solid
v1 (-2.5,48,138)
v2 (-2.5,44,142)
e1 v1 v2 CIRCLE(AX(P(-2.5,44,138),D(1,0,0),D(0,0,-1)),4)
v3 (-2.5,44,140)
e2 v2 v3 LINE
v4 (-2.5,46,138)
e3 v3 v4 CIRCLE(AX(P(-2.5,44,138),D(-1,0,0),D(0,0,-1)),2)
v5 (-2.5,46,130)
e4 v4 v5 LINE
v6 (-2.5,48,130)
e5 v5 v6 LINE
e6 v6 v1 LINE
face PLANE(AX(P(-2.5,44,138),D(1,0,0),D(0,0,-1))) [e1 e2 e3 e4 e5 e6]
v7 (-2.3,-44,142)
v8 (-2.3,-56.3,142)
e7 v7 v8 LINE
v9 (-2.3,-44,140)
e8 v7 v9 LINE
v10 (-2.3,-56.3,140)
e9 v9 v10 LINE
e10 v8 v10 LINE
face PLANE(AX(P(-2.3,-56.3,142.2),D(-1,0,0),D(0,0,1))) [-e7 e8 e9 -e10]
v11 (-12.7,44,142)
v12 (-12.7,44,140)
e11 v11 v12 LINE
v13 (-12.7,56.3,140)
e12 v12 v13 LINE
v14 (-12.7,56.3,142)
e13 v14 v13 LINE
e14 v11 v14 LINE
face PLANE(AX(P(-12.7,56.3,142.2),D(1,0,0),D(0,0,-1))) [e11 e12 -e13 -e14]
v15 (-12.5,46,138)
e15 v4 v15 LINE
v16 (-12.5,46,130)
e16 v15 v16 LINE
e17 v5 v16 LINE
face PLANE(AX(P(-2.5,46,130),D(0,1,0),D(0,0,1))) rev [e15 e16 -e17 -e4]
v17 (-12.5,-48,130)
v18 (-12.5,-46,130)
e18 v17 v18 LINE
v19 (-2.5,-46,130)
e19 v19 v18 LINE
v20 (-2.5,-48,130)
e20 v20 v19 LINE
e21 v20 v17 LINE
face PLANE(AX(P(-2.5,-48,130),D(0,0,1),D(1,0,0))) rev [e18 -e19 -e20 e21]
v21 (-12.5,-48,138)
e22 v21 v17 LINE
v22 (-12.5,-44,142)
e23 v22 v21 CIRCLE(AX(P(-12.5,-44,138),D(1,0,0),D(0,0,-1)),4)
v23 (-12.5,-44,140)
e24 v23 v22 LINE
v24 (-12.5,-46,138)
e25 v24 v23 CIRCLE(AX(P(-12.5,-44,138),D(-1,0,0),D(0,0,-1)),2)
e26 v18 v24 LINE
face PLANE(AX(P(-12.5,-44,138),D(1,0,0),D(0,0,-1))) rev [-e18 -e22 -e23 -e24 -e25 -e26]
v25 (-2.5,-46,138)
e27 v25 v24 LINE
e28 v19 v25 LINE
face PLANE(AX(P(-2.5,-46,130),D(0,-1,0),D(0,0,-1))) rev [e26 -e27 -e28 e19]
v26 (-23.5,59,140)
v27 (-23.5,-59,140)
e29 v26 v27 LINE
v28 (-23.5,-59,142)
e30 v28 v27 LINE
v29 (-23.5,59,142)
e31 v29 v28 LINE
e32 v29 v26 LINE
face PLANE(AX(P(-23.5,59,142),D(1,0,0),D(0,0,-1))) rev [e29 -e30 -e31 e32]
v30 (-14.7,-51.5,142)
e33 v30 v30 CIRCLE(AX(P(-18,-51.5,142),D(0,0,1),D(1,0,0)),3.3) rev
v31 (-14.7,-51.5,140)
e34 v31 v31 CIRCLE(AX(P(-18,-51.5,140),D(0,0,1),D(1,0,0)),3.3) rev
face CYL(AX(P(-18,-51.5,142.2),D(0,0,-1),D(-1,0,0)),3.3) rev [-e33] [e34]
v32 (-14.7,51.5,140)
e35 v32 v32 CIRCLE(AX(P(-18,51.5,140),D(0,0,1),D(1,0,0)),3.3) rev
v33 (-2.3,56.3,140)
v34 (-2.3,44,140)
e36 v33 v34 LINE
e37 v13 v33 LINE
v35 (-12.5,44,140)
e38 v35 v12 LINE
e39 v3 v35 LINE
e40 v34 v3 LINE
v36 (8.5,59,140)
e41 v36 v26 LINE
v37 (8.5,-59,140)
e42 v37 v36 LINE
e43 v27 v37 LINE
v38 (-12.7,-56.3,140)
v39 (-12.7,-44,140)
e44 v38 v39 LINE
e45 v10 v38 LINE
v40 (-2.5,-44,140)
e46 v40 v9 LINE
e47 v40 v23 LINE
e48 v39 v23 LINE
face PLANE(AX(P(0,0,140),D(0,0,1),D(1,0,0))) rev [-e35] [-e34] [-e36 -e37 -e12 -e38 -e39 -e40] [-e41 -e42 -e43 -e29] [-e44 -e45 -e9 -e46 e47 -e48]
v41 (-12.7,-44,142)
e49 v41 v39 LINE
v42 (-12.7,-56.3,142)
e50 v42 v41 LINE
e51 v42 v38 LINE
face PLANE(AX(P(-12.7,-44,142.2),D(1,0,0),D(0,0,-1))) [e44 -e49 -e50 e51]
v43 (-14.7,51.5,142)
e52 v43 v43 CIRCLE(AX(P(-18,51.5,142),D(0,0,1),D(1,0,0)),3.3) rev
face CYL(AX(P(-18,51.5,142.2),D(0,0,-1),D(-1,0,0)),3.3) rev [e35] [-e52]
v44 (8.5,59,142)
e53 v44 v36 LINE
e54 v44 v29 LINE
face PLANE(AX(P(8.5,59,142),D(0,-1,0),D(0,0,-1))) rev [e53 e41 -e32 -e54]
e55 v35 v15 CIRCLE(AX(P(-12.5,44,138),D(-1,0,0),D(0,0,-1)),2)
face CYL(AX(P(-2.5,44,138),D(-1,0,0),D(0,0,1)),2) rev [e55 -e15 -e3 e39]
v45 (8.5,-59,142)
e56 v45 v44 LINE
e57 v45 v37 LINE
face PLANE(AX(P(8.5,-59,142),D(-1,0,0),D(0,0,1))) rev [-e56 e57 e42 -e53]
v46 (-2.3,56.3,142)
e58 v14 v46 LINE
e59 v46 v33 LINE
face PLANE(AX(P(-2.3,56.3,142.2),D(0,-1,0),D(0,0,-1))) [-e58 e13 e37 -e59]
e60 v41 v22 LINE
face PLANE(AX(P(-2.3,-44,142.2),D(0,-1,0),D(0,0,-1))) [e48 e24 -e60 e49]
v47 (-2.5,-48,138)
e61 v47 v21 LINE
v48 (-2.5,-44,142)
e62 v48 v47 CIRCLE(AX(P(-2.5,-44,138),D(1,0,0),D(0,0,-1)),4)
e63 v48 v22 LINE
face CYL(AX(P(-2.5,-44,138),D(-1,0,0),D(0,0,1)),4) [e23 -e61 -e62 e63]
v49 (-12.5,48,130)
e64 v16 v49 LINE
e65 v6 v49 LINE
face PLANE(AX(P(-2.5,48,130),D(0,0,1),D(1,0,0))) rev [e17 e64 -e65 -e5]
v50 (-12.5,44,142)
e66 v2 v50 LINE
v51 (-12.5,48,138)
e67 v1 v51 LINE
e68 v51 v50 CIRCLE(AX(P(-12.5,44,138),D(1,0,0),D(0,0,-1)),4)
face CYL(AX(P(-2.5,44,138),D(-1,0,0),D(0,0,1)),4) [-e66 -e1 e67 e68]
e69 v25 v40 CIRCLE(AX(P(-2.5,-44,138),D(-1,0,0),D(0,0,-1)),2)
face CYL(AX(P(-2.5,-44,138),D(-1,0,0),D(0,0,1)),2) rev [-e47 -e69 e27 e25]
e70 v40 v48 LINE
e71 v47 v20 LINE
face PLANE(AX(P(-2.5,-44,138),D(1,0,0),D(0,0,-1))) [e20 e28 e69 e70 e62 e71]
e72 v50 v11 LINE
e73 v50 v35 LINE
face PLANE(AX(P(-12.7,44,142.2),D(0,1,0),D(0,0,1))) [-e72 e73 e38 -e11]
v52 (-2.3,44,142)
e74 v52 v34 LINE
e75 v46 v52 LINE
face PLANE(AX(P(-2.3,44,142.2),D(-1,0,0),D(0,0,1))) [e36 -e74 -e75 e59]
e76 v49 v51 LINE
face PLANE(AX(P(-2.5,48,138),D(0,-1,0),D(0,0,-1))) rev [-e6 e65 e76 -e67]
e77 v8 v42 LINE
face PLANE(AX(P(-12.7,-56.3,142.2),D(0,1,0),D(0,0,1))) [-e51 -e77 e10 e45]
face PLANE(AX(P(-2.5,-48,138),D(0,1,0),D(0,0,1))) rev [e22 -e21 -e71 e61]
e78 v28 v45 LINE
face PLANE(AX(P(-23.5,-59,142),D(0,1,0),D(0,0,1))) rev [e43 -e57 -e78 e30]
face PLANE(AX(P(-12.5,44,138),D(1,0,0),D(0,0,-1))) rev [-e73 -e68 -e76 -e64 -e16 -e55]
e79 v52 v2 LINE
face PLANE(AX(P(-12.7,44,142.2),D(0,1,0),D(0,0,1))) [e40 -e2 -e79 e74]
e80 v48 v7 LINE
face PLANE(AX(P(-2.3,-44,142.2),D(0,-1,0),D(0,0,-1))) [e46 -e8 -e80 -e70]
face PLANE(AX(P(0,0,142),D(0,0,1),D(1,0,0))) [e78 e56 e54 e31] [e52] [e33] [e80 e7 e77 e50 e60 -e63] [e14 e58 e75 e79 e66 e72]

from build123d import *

# Parameters (mm, degrees)
CLAMP_BAR_SKETCH_W       = 32
CLAMP_BAR_SKETCH_H       = 118
CLAMP_BAR_DEPTH          = 2
FINGER_RELIEF_SKETCH_W   = 10.4
FINGER_RELIEF_SKETCH_H   = 12.3
FINGER_RELIEFS_DEPTH     = 2.4
FOLDED_FINGERS_DEPTH     = 10
STUD_CLEARANCES_SKETCH_R = 3.3
STUD_CLEARANCES_DEPTH    = 2.4


with BuildPart() as part:
    # Clamp Bar Sketch → Clamp Bar (new body)
    with BuildSketch(Plane.XY.offset(140)):
        with Locations((-7.5, 0)):
            Rectangle(CLAMP_BAR_SKETCH_W, CLAMP_BAR_SKETCH_H)
    extrude(amount=CLAMP_BAR_DEPTH)

    # Finger Relief Sketch → Finger Reliefs (cut)
    with BuildSketch(Plane.XY.offset(139.8)):
        with Locations((-7.5, -50.15)):
            Rectangle(FINGER_RELIEF_SKETCH_W, FINGER_RELIEF_SKETCH_H)
        with Locations((-7.5, 50.15)):
            Rectangle(FINGER_RELIEF_SKETCH_W, FINGER_RELIEF_SKETCH_H)
    extrude(amount=FINGER_RELIEFS_DEPTH, mode=Mode.SUBTRACT)

    # Folded Finger Sketch → Folded Fingers (add)
    with BuildSketch(Plane(origin=(-12.5, 0, 0), x_dir=(0, 0, -1), z_dir=(1, 0, 0))):
        with BuildLine():
            Line((-138, -48), (-130, -48))
            Line((-130, -48), (-130, -46))
            Line((-130, -46), (-138, -46))
            ThreePointArc((-138, -46), (-139.414213562, -45.414213562), (-140, -44))
            Line((-140, -44), (-142, -44))
            ThreePointArc((-142, -44), (-140.828427125, -46.828427125), (-138, -48))
        make_face()
        with BuildLine():
            Line((-138, 48), (-130, 48))
            Line((-130, 48), (-130, 46))
            Line((-130, 46), (-138, 46))
            ThreePointArc((-138, 46), (-139.414213562, 45.414213562), (-140, 44))
            Line((-140, 44), (-142, 44))
            ThreePointArc((-142, 44), (-140.828427125, 46.828427125), (-138, 48))
        make_face()
    extrude(amount=FOLDED_FINGERS_DEPTH)

    # Stud Clearances Sketch → Stud Clearances (cut)
    with BuildSketch(Plane.XY.offset(139.8)):
        with Locations((-18, -51.5)):
            Circle(STUD_CLEARANCES_SKETCH_R)
        with Locations((-18, 51.5)):
            Circle(STUD_CLEARANCES_SKETCH_R)
    extrude(amount=STUD_CLEARANCES_DEPTH, mode=Mode.SUBTRACT)


solid = part.part
